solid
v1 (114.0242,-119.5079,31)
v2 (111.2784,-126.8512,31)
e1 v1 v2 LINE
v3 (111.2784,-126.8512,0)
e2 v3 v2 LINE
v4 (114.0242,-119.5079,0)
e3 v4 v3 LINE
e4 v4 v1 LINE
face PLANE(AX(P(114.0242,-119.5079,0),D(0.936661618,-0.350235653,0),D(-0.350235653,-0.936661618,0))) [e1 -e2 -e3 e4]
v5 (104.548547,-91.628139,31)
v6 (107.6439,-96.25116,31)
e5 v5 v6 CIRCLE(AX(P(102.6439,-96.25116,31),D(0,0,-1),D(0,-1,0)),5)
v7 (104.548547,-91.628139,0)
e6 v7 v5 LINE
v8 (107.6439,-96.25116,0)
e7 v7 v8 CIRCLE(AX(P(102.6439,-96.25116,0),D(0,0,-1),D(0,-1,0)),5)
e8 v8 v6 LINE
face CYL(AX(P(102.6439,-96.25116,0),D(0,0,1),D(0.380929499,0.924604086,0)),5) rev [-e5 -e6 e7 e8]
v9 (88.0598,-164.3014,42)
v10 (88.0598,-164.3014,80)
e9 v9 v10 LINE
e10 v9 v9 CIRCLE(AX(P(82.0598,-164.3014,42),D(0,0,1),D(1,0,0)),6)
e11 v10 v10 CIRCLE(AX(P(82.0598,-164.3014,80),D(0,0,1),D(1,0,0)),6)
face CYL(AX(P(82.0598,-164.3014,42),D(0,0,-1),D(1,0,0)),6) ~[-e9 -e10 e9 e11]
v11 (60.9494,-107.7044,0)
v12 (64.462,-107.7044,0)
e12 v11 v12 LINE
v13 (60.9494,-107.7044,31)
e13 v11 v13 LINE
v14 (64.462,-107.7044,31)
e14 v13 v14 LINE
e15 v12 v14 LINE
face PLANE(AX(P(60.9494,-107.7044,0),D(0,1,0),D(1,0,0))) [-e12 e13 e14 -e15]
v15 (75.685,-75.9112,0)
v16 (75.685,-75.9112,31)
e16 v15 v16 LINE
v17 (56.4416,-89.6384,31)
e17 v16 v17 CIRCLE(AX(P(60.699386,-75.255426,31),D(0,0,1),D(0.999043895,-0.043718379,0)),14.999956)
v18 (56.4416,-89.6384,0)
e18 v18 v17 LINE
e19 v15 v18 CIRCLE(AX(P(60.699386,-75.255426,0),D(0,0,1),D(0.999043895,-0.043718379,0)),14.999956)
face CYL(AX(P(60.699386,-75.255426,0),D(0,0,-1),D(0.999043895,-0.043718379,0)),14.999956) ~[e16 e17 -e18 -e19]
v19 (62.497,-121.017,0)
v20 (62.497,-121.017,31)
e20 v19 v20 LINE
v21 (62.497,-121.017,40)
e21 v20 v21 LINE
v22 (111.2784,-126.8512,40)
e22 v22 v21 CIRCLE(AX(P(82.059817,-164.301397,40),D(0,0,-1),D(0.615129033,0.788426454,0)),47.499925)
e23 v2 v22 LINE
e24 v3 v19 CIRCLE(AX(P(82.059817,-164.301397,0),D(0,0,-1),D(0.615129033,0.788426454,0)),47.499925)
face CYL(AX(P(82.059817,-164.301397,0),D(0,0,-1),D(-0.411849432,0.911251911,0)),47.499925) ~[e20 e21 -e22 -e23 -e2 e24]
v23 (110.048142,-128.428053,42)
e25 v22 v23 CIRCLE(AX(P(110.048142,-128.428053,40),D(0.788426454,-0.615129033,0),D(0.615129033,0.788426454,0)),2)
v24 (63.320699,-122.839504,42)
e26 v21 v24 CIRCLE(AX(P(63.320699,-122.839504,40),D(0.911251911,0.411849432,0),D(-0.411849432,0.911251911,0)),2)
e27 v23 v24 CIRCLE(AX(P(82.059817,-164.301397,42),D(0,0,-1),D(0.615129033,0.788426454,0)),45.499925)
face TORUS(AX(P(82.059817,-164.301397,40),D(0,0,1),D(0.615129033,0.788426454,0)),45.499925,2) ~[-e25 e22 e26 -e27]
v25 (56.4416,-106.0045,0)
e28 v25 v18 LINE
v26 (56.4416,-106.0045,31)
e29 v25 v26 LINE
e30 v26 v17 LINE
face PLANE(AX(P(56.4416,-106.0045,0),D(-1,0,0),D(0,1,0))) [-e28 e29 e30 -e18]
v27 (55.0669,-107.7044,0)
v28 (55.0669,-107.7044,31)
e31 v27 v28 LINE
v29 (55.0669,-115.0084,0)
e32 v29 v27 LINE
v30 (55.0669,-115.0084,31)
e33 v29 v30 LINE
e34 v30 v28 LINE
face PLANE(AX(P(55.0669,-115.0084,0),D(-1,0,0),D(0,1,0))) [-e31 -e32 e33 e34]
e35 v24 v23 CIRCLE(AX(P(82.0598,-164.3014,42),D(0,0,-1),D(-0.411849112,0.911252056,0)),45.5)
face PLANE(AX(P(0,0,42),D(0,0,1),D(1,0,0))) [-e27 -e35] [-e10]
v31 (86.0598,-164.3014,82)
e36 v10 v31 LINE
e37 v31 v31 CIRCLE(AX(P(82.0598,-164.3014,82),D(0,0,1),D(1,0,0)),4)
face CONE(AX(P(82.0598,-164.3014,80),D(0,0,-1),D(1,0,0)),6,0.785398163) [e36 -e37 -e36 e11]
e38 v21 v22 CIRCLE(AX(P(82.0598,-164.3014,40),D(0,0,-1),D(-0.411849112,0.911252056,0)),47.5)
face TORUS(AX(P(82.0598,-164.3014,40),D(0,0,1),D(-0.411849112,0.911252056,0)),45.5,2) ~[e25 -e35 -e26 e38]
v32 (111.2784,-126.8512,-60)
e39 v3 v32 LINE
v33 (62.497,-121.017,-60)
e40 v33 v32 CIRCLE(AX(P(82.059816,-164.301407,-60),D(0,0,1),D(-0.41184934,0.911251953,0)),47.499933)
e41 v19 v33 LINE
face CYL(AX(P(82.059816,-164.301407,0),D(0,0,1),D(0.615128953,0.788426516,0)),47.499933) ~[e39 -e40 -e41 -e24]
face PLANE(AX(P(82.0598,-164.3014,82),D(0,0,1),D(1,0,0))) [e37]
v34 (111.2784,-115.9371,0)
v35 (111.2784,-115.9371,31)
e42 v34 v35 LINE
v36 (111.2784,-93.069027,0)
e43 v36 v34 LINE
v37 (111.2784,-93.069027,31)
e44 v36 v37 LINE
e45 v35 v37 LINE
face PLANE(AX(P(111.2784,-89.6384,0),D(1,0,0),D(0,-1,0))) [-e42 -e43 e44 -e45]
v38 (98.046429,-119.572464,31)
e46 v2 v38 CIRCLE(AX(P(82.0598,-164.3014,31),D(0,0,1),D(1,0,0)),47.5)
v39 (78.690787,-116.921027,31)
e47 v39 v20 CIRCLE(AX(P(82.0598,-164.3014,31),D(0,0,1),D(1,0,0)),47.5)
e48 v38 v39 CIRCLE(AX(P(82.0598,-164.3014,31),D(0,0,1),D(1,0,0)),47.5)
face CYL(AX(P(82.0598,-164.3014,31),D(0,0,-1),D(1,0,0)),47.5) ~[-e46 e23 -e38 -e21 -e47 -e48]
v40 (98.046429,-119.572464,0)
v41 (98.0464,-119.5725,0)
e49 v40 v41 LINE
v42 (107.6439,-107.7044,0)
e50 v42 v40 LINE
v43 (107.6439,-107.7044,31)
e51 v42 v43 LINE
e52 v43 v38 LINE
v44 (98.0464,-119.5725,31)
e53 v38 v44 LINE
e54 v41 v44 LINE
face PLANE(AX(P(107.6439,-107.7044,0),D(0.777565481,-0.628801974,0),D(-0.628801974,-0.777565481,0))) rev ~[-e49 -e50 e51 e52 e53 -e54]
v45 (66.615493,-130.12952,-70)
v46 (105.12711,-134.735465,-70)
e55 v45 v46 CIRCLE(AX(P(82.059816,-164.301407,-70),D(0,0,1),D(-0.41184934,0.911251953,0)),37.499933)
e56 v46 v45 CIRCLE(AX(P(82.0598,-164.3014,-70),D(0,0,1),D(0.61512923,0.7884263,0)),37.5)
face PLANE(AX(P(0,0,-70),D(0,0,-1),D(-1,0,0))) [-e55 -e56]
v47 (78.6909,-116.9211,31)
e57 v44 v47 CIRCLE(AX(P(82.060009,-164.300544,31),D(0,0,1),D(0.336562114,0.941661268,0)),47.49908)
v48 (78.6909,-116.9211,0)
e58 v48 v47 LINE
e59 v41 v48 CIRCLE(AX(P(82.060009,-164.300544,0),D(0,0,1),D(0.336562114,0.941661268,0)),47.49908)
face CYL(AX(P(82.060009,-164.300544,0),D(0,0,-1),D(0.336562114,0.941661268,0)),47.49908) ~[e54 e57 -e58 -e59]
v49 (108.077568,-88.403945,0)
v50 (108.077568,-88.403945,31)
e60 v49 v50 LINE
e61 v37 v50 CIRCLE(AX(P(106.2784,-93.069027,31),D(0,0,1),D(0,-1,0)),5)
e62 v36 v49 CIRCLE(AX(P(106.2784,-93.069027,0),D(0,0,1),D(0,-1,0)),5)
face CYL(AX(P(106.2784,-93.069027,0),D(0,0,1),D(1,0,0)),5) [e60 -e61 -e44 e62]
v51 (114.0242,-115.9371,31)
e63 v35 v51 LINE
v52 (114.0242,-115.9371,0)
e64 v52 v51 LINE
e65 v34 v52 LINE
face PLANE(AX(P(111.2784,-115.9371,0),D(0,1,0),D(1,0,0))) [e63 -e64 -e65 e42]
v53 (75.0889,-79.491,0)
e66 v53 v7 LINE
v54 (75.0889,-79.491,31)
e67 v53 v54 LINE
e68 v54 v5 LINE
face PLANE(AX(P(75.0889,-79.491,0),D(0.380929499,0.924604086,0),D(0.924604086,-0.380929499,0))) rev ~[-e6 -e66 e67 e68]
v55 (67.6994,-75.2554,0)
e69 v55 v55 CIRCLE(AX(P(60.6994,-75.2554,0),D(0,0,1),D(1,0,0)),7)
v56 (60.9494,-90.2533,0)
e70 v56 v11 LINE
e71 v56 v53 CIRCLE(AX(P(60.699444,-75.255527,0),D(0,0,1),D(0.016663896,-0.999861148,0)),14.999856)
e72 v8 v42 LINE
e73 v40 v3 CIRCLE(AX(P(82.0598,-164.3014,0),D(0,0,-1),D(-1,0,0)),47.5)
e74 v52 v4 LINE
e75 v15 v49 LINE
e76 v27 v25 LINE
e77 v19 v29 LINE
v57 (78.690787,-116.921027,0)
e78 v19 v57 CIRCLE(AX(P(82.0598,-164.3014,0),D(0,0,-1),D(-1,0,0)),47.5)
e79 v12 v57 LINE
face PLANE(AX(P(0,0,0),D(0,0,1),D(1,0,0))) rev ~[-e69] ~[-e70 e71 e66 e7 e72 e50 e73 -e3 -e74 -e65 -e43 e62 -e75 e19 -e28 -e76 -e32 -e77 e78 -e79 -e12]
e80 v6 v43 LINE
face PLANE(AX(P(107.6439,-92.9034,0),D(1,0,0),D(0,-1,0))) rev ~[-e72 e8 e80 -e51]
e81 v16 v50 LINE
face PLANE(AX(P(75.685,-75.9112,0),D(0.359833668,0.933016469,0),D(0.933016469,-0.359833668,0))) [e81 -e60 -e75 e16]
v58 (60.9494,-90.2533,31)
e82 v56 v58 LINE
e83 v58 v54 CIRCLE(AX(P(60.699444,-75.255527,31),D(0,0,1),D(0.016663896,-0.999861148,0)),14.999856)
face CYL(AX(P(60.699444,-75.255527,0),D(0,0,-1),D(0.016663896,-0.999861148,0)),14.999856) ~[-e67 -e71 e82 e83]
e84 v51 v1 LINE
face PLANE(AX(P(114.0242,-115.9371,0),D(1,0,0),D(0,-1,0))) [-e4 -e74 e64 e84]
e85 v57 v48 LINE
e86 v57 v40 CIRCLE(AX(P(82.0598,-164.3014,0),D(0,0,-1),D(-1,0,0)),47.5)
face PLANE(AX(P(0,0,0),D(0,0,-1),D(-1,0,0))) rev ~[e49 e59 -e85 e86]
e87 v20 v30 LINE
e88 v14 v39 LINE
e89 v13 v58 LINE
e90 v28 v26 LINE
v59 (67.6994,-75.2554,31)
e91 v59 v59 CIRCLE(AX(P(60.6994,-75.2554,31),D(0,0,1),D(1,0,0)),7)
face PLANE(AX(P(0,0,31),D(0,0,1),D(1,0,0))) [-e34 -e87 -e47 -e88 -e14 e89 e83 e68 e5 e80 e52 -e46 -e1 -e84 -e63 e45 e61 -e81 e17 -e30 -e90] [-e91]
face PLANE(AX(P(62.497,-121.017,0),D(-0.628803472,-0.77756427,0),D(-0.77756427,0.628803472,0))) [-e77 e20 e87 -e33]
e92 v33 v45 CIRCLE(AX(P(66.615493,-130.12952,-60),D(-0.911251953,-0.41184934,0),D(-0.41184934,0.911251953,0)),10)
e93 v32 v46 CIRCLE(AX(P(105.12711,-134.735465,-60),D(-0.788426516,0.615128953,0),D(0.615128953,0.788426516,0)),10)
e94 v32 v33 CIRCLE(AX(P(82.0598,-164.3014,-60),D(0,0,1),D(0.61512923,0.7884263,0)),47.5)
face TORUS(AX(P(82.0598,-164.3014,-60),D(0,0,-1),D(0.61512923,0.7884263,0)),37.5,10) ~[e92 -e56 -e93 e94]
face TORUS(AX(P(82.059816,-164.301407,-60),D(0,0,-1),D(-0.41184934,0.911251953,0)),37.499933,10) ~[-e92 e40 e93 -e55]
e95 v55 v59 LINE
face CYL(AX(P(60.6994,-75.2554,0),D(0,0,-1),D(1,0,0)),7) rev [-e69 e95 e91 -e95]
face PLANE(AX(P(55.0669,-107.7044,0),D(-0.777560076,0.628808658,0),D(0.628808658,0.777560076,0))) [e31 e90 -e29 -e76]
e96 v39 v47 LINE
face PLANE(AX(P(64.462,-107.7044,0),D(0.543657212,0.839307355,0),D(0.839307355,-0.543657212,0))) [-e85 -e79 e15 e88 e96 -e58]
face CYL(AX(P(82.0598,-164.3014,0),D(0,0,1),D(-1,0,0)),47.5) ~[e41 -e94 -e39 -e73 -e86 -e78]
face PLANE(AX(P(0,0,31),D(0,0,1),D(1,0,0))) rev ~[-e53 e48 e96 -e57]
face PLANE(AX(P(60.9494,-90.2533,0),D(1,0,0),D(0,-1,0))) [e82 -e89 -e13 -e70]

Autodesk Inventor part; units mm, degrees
ref_plane "YZ Plane" through (0, 0, 0) normal (1, 0, 0) x (0, 1, 0)
ref_plane "XZ Plane" through (0, 0, 0) normal (0, 1, 0) x (-1, 0, 0)
ref_plane "XY Plane" through (0, 0, 0) normal (0, 0, 1) x (1, 0, 0)
sketch "Boceto1" plane through (0, 0, 0) normal (0, 0, 1) x (1, 0, 0)
  line L0 (0, 0) -> (176.0622, 0) construction
  line L1 (176.0622, 0) -> (176.0622, -234.7497) construction
  line L2 (176.0622, -234.7497) -> (0, -234.7497) construction
  line L3 (0, -234.7497) -> (0, 0) construction
  circle A0 centre (60.6994, -75.2554) radius 7
  line L4 (60.9494, -90.2533) -> (60.9494, -105.0535)
  line L5 (60.9494, -105.0535) -> (60.9494, -107.7044)
  line L6 (60.9494, -107.7044) -> (64.462, -107.7044)
  line L7 (64.462, -107.7044) -> (78.6909, -116.9211)
  arc A1 (62.497, -121.017) -> (111.2784, -126.8512) centre (82.0598, -164.3014) ccw
  line L8 (75.685, -75.9112) -> (111.2784, -89.6384)
  line L9 (111.2784, -89.6384) -> (111.2784, -91.0916)
  line L10 (111.2784, -91.0916) -> (111.2784, -115.9371)
  line L11 (111.2784, -115.9371) -> (114.0242, -115.9371)
  line L12 (114.0242, -115.9371) -> (114.0242, -119.5079)
  line L13 (114.0242, -119.5079) -> (111.2784, -126.8512)
  line L14 (75.0889, -79.491) -> (107.6439, -92.9034)
  line L15 (107.6439, -92.9034) -> (107.6439, -107.7044)
  line L16 (107.6439, -107.7044) -> (98.0464, -119.5725)
  line L17 (62.497, -121.017) -> (55.0669, -115.0084)
  line L18 (55.0669, -115.0084) -> (55.0669, -107.7044)
  line L19 (55.0669, -107.7044) -> (56.4416, -106.0045)
  line L20 (56.4416, -106.0045) -> (56.4416, -89.6384)
  arc A2 (75.0889, -79.491) -> (75.685, -75.9112) centre (60.6994, -75.2554) ccw construction
  arc A3 (60.9494, -90.2533) -> (75.0889, -79.491) centre (60.6994, -75.2554) ccw
  arc A4 (56.4416, -89.6384) -> (60.9494, -90.2533) centre (60.6994, -75.2554) ccw construction
  arc A5 (75.685, -75.9112) -> (56.4416, -89.6384) centre (60.6994, -75.2554) ccw
  arc A6 (78.6909, -116.9211) -> (62.497, -121.017) centre (82.0598, -164.3014) ccw construction
  arc A7 (111.2784, -126.8512) -> (98.0464, -119.5725) centre (82.0598, -164.3014) ccw construction
  arc A8 (98.0464, -119.5725) -> (78.6909, -116.9211) centre (82.0598, -164.3014) ccw
  dimension "d2" = 14
  dimension "d5" = 95
  dimension "d9" = 30
extrude "Extrusión1" add sketch "Boceto1" along normal blind 31
sketch "Boceto2" plane through (0, 0, 31) normal (0, 0, 1) x (1, 0, 0)
  arc A0 (62.497, -121.017) -> (111.2784, -126.8512) centre (82.0598, -164.3014) ccw projected
  circle A1 centre (82.0598, -164.3014) radius 47.5
  point P0 (0, 0)
  point P1 (62.497, -121.017)
extrude "Extrusión2" add sketch "Boceto2" along normal blind 11
sketch "Boceto3" plane through (0, 0, 0) normal (0, 0, -1) x (-1, 0, 0)
  arc A0 (-111.2784, -126.8512) -> (-62.497, -121.017) centre (-82.0598, -164.3014) ccw projected
  circle A1 centre (-82.0598, -164.3014) radius 47.5
  point P0 (0, 0)
extrude "Extrusión3" add sketch "Boceto3" along normal blind 70
fillet "Empalme1" radius 10 1 edges at (101.6226, -207.5859, -70)
fillet "Empalme2" radius 2 1 edges at (52.8411, -201.7517, 42)
sketch "Boceto4" plane through (82.0598, -164.3014, 42) normal (0, 0, 1) x (1, 0, 0)
  circle A0 centre (0, 0) radius 6
  point P0 (-82.0598, 164.3014)
  dimension "d32" = 12
extrude "Extrusión4" add sketch "Boceto4" along normal blind 40
chamfer "Chaflán1" distance 2 angle 45 1 edges at (76.0598, -164.3014, 82)
fillet "Empalme3" radius 5 2 edges at (111.2784, -89.6384, 15.5) (107.6439, -92.9034, 15.5)
properties part number "motor2"
